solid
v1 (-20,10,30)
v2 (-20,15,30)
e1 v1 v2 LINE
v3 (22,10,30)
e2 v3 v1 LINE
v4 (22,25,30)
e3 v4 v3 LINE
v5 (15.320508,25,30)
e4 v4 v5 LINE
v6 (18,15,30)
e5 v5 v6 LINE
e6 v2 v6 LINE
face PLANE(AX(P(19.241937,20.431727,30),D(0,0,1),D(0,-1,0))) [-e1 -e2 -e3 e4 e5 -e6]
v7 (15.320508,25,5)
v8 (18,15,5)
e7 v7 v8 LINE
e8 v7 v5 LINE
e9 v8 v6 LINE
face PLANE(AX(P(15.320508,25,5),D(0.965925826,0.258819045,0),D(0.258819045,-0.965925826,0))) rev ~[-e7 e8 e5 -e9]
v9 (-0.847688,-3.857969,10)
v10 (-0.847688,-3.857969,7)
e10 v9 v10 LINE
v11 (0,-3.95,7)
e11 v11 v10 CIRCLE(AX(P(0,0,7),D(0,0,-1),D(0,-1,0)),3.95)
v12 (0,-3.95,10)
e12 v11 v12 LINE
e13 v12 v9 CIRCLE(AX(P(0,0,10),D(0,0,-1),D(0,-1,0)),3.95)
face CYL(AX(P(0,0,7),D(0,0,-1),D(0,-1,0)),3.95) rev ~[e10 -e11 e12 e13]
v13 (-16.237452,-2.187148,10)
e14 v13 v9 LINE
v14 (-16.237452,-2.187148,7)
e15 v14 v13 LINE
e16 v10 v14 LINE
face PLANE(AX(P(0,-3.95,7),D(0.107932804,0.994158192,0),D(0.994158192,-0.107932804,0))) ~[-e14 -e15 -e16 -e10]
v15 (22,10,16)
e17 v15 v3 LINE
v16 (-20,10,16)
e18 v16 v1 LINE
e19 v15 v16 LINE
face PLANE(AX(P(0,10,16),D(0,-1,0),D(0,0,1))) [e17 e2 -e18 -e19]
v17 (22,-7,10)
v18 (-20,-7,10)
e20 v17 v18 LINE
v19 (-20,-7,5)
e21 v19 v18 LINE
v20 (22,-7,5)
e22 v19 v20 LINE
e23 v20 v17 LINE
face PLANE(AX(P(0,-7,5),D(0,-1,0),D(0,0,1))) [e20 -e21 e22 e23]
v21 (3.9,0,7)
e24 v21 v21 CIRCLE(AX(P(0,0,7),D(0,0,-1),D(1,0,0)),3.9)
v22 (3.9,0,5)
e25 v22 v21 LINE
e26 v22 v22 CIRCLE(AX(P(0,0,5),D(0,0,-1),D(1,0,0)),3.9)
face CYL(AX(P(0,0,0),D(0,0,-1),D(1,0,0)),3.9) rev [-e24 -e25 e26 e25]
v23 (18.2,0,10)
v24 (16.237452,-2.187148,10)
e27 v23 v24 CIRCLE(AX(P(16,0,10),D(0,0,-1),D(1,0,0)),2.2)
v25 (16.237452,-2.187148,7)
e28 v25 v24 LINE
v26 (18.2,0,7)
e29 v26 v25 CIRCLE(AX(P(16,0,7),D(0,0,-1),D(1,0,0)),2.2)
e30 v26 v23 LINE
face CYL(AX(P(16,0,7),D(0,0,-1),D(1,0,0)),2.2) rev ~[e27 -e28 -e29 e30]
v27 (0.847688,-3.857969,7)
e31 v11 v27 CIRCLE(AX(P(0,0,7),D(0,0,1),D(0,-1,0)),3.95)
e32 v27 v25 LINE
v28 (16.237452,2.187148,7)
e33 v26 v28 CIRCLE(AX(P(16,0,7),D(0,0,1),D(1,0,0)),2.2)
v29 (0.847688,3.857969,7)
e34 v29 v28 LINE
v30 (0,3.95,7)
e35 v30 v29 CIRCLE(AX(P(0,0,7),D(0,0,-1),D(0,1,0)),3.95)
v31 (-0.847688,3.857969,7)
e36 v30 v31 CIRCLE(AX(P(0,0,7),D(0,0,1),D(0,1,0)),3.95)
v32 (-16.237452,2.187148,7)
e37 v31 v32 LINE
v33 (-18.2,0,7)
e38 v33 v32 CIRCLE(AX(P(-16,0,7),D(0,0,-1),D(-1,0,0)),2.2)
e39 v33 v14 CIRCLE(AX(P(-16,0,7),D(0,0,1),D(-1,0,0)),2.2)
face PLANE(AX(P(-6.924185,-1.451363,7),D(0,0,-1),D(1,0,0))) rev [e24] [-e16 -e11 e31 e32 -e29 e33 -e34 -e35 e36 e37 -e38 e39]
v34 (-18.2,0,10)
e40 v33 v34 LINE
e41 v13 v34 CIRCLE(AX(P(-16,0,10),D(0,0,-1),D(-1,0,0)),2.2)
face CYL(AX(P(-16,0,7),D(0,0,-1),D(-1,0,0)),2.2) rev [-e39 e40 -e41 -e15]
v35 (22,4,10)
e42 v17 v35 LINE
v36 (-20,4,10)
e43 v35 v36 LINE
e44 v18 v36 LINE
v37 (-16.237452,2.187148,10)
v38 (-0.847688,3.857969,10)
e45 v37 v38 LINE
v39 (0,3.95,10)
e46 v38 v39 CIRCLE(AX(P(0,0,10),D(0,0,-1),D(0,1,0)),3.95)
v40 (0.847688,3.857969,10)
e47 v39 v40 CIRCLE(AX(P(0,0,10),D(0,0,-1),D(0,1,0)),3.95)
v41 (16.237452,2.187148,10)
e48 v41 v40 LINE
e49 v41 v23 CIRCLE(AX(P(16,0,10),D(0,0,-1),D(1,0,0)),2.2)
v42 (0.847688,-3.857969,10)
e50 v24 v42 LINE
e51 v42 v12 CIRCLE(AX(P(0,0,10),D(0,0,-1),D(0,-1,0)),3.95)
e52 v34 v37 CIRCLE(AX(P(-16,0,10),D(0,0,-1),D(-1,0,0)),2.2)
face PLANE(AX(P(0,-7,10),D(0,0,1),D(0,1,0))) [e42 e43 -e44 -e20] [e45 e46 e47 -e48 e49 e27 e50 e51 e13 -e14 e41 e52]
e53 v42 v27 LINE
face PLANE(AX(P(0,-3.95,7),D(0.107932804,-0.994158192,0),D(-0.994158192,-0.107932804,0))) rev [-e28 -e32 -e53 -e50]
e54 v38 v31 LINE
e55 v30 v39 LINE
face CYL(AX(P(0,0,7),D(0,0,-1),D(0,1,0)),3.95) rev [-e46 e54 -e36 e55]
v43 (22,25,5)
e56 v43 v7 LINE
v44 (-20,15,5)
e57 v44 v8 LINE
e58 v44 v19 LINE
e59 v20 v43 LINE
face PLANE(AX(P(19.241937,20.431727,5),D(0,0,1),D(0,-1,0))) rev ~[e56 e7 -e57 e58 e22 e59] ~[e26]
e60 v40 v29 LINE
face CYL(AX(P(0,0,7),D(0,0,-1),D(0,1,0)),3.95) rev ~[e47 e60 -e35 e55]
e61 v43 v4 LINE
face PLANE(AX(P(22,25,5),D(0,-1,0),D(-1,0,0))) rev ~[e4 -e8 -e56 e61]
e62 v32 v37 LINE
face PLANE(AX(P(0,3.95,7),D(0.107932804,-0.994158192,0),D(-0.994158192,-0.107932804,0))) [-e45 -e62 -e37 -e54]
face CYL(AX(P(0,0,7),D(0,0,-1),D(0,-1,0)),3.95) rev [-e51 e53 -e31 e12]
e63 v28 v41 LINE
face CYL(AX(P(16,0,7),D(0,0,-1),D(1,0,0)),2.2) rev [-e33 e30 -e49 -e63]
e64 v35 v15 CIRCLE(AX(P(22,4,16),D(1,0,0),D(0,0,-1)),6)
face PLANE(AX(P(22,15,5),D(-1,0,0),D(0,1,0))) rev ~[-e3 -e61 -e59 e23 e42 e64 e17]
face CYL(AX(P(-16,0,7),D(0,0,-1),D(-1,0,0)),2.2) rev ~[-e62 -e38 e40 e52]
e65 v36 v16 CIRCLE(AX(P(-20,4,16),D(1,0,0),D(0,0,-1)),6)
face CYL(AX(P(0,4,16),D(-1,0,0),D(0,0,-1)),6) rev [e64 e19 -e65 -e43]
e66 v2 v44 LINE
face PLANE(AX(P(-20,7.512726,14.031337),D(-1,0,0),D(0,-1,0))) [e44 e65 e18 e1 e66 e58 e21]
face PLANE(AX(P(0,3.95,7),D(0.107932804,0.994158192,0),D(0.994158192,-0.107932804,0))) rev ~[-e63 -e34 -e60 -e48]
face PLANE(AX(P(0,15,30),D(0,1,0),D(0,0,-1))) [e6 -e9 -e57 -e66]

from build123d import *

# Parameters (mm, degrees)
PAD029_DEPTH                  = 20
PAD029_DEPTH_BACK             = 22
POCKET050_DEPTH               = 130.2017462661
POCKET050_MIRRORED022_2_DEPTH = 130.2017462661
PAD052_DEPTH                  = 25
SKETCH105_R                   = 3.9
POCKET053_DEPTH               = 0.001
POCKET053_DEPTH_BACK          = 30.001


with BuildPart() as part:
    # Sketch053 → Pad029 (new body, two sides)
    with BuildSketch(Plane.YZ) as pad029_sk:
        with BuildLine():
            Line((-7, 5), (-7, 10))
            Line((-7, 10), (4, 10))
            ThreePointArc((4, 10), (8.2426406871, 11.7573593129), (10, 16))
            Line((10, 16), (10, 30))
            Line((10, 30), (15, 30))
            Line((15, 30), (15, 5))
            Line((15, 5), (-7, 5))
        make_face()
    extrude(amount=-PAD029_DEPTH)
    extrude(pad029_sk.sketch, amount=PAD029_DEPTH_BACK)

    # Sketch100 → Pocket050 (cut, through all)
    with BuildSketch(Plane(origin=(0, 0, 7), x_dir=(-1, 0, 0), z_dir=(0, 0, -1))):
        with BuildLine():
            ThreePointArc((0, 3.95), (-2.7930717857, 2.7930717857), (-3.95, 0))
            Line((-3.95, 0), (18.2, 0))
            ThreePointArc((18.2, 0), (17.6374362231, 1.4692864307), (16.2374521678, 2.1871480215))
            Line((0, 3.95), (16.2374521678, 2.1871480215))
        make_face()
    pocket050 = extrude(amount=-POCKET050_DEPTH, mode=Mode.SUBTRACT)

    # Sketch100 Mirrored022 2 → Pocket050 Mirrored022 2 (cut, through all)
    with BuildSketch(Plane.XY.offset(7)):
        with BuildLine():
            ThreePointArc((0, 3.95), (-2.7930717857, 2.7930717857), (-3.95, 0))
            Line((-3.95, 0), (18.2, 0))
            ThreePointArc((18.2, 0), (17.6374362231, 1.4692864307), (16.2374521678, 2.1871480215))
            Line((0, 3.95), (16.2374521678, 2.1871480215))
        make_face()
    pocket050_mirrored022_2 = extrude(amount=POCKET050_MIRRORED022_2_DEPTH, mode=Mode.SUBTRACT)

    # Mirrored023: Pocket050, Pocket050 Mirrored022 2 across Sketch100 H_Axis
    add(pocket050.mirror(Plane(origin=(0, 0, 7), x_dir=(0, 0, -1), z_dir=(0, 1, 0))), mode=Mode.SUBTRACT)
    add(pocket050_mirrored022_2.mirror(Plane(origin=(0, 0, 7), x_dir=(0, 0, -1), z_dir=(0, 1, 0))), mode=Mode.SUBTRACT)

    # Sketch101 (on Face2 of MultiTransform004) → Pad052 (join)
    with BuildSketch(Plane.YX.offset(-5)):
        Polygon((15, 22), (25, 22), (25, 15.3205080757), (15, 18), align=None)
    extrude(amount=-PAD052_DEPTH)

    # Sketch105 → Pocket053 (cut, two sides)
    with BuildSketch(Plane.XY) as pocket053_sk:
        Circle(SKETCH105_R)
    extrude(amount=-POCKET053_DEPTH, mode=Mode.SUBTRACT)
    extrude(pocket053_sk.sketch, amount=POCKET053_DEPTH_BACK, mode=Mode.SUBTRACT)


solid = part.part
